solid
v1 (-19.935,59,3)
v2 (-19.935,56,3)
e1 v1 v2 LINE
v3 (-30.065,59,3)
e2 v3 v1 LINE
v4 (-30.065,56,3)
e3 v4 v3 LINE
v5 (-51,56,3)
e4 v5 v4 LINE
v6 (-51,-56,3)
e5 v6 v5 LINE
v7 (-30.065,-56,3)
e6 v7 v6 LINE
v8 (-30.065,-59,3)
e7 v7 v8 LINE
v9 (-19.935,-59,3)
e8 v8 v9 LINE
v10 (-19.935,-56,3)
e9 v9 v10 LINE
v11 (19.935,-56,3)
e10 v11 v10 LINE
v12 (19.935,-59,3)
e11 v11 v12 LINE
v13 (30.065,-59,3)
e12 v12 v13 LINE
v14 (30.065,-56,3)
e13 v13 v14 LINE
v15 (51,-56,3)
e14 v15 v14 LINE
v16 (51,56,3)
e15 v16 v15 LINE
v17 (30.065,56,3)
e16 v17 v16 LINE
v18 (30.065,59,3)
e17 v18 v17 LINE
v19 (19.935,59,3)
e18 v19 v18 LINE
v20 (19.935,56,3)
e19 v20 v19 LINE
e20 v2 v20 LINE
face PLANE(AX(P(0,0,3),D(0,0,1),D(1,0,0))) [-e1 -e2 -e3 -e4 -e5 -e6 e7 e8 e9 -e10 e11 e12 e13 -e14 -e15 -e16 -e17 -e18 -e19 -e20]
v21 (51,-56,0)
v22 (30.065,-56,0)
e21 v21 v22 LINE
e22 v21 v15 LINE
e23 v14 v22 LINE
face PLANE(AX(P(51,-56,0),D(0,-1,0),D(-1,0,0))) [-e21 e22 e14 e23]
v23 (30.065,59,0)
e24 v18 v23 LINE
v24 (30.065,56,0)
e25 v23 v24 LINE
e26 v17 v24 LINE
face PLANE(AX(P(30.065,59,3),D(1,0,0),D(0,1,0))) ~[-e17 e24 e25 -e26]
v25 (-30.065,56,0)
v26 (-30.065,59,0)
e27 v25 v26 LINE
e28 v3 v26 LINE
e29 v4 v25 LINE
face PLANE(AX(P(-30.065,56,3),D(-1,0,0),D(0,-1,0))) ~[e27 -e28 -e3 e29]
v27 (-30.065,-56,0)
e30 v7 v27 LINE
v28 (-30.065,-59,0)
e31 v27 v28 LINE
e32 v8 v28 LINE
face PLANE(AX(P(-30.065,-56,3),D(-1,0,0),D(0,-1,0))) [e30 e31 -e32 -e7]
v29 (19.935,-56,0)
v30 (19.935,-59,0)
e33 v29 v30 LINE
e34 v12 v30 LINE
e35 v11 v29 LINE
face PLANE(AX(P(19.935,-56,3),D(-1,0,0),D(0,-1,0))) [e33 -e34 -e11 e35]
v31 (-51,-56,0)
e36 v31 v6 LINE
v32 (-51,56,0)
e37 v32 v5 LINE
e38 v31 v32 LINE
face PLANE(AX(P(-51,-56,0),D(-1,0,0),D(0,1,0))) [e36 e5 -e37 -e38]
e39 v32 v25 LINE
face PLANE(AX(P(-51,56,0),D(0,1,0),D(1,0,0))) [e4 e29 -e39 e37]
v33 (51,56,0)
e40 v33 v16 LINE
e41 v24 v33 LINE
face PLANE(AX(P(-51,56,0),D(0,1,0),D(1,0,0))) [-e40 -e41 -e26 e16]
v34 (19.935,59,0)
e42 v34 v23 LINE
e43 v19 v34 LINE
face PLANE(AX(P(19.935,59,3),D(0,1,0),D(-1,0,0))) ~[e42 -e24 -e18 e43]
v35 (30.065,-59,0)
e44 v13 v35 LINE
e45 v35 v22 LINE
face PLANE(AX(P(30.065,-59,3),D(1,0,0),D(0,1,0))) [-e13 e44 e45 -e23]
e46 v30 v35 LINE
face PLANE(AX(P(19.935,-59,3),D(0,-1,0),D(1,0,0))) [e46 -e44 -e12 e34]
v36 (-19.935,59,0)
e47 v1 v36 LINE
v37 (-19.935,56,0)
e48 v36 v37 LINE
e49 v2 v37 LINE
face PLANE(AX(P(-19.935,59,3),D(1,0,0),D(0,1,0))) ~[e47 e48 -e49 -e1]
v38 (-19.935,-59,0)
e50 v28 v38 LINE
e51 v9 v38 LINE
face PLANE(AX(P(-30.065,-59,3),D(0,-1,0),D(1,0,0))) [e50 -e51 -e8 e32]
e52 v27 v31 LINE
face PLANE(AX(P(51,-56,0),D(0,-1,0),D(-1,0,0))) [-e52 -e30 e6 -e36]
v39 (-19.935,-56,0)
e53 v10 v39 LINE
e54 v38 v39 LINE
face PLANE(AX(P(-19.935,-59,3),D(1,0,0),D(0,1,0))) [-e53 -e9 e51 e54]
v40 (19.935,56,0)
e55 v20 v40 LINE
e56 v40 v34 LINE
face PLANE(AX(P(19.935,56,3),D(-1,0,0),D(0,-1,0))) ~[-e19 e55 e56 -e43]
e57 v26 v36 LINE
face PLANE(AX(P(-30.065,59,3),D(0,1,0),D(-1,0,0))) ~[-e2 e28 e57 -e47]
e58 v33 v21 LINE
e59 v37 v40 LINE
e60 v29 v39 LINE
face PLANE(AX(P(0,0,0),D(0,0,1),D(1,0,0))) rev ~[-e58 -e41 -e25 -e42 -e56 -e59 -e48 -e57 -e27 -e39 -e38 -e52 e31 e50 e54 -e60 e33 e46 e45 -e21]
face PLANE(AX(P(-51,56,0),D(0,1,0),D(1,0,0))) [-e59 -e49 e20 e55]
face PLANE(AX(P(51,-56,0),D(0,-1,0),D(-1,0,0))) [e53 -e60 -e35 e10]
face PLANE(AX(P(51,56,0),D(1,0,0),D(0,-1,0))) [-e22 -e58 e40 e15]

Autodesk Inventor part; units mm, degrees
ref_plane "YZ Plane" through (0, 0, 0) normal (1, 0, 0) x (0, 1, 0)
ref_plane "XZ Plane" through (0, 0, 0) normal (0, 1, 0) x (-1, 0, 0)
sketch "Sketch1" plane through (0, 0, 0) normal (0, 0, 1) x (1, 0, 0)
  line L0 (-51, 56) -> (51, 56)
  line L1 (51, 56) -> (51, -56)
  line L2 (51, -56) -> (-51, -56)
  line L3 (-51, -56) -> (-51, 56)
  line L4 (-51, 56) -> (51, -56) construction
  line L5 (51, 56) -> (-51, -56) construction
  point P0 (0, 0)
  point P1 (0, 0)
  point P2 (0, 0)
  dimension "d0" = 102
  dimension "d1" = 112
extrude "Extrusion1" add sketch "Sketch1" along normal blind 3
sketch "Sketch2" plane through (0, 0, 3) normal (0, 0, 1) x (1, 0, 0)
  line L0 (-51, -56) -> (51, -56) projected
  line L1 (-30.065, -59) -> (-19.935, -59)
  line L2 (-19.935, -59) -> (-19.935, -56)
  line L3 (-19.935, -56) -> (-30.065, -56)
  line L4 (-30.065, -56) -> (-30.065, -59)
  line L5 (-30.065, -59) -> (-19.935, -56) construction
  line L6 (-19.935, -59) -> (-30.065, -56) construction
  line L7 (19.935, -59) -> (30.065, -59)
  line L8 (30.065, -59) -> (30.065, -56)
  line L9 (30.065, -56) -> (19.935, -56)
  line L10 (19.935, -56) -> (19.935, -59)
  line L11 (19.935, -59) -> (30.065, -56) construction
  line L12 (30.065, -59) -> (19.935, -56) construction
  point P0 (0, 0)
  point P1 (-25, -57.5)
  point P2 (25, -57.5)
  dimension "d4" = 3
  dimension "d5" = 25
  dimension "d6" = 25
  dimension "d7" = 10.13
  dimension "d8" = 10.13
extrude "Extrusion2" add sketch "Sketch2" against normal blind 3
mirror "Mirror1" about plane through (0, 0, 0) normal (0, 1, 0) of "Extrusion2"
sketch "Sketch3" plane through (0, 0, 0) normal (0, 0, -1) x (-1, 0, 0)
  line L0 (-51, -56) -> (-51, 56) construction
  line L1 (-51, 55) -> (51, 55) construction
  line L2 (51, 56) -> (51, -56) construction
  line L3 (-51, -55) -> (51, -55) construction
  line L4 (-19.935, -56) -> (19.935, -56) construction
  line L5 (-30.065, 56) -> (-51, 56) construction
  point P0 (0, 0)
  dimension "d11" = 1
  dimension "d12" = 1
ref_plane "Work Plane1" through (-19.935, -55, 0) normal (0, -1, 0) x (1, 0, 0)
sketch "Sketch6" plane through (0, 0, 3) normal (0, 0, 1) x (1, 0, 0)
  line L0 (30.065, -56) -> (51, -56) projected
  line L1 (51, -56) -> (51, 56) projected
  point P0 (0, 0)
  point P1 (20.6, -36.4)
  dimension "d41" = 19.6
  dimension "d42" = 30.4
hole "Hole4" [suppressed]
pattern_linear "Rectangular Pattern1" [suppressed]
sketch "Sketch7" plane through (0, 0, 3) normal (0, 0, 1) x (1, 0, 0)
  spline S0 degree 3 poles (-17.7549, 22.0592) (-20.3586, 22.7486) (-27.8891, 27.7258) (-21.8129, 49.2984) knots 3 3 3 3 4 4 4 4
  line L0 (-20.3586, 22.7486) -> (-27.8891, 27.7258) construction
  line L1 (-17.7549, 22.0592) -> (-20.3586, 22.7486) construction
  line L2 (-27.8891, 27.7258) -> (-21.8129, 49.2984) construction
  spline S1 degree 3 poles (-35.4301, 25.2372) (-34.47, 24.8476) (-28.6027, 22.0592) (-17.7549, 22.0592) knots 2 2 2 2 3 3 3 3
  line L3 (-35.4301, 25.2372) -> (-34.47, 24.8476) construction
  line L4 (-34.47, 24.8476) -> (-28.6027, 22.0592) construction
  line L5 (-28.6027, 22.0592) -> (-17.7549, 22.0592) construction
  spline S2 degree 3 poles (-41.3451, 44.549) (-42.3928, 42.443) (-47.2601, 32.6596) (-35.4301, 25.2372) knots 1 1 1 1 2 2 2 2
  line L6 (-41.3451, 44.549) -> (-42.3928, 42.443) construction
  line L7 (-42.3928, 42.443) -> (-47.2601, 32.6596) construction
  line L8 (-47.2601, 32.6596) -> (-35.4301, 25.2372) construction
  spline S3 degree 3 poles (-37.458, 43.3832) (-40.0894, 43.0815) (-41.2381, 43.3832) (-41.3451, 44.549) knots 0 0 0 0 1 1 1 1
  line L9 (-40.0894, 43.0815) -> (-41.2381, 43.3832) construction
  line L10 (-37.458, 43.3832) -> (-40.0894, 43.0815) construction
  line L11 (-41.2381, 43.3832) -> (-41.3451, 44.549) construction
  spline S4 degree 3 poles (-21.8129, 49.2984) (-21.8202, 49.2933) (-29.1299, 44.232) (-37.458, 43.3832) knots 4 4 4 4 5 5 5 5
  line L12 (-21.8129, 49.2984) -> (-29.1299, 44.232) construction
  line L13 (-29.1299, 44.232) -> (-37.458, 43.3832) construction
  spline S5 degree 3 poles (-15.7483, 21.8123) (-16.0581, 21.8979) (-29.0611, 22.4788) (-21.0119, 50.2568) knots 3 3 3 3 4 4 4 4
  line L14 (-15.7483, 21.8123) -> (-16.0581, 21.8979) construction
  line L15 (-16.0581, 21.8979) -> (-29.0611, 22.4788) construction
  line L16 (-29.0611, 22.4788) -> (-21.0119, 50.2568) construction
  spline S6 degree 3 poles (-21.0119, 50.2568) (-21.2194, 50.1207) (-29.151, 44.9225) (-36.6832, 43.8886) knots 4 4 4 4 5 5 5 5
  line L17 (-21.0119, 50.2568) -> (-21.2194, 50.1207) construction
  line L18 (-21.2194, 50.1207) -> (-29.151, 44.9225) construction
  line L19 (-29.151, 44.9225) -> (-36.6832, 43.8886) construction
  line L20 (-36.6832, 43.8886) -> (-35.9502, 47.0532)
  spline S7 degree 3 poles (-35.9502, 47.0532) (-35.9625, 47.0497) (-40.7954, 45.8307) (-41.6808, 44.7755) knots 0 0 0 0 1 1 1 1
  line L21 (-35.9502, 47.0532) -> (-35.9625, 47.0497) construction
  line L22 (-35.9625, 47.0497) -> (-40.7954, 45.8307) construction
  line L23 (-40.7954, 45.8307) -> (-41.6808, 44.7755) construction
  spline S8 degree 3 poles (-41.6808, 44.7755) (-41.6808, 44.7755) (-49.0375, 32.8716) (-35.5714, 24.8043) knots 1 1 1 1 2 2 2 2
  line L24 (-41.6808, 44.7755) -> (-41.6808, 44.7755) construction
  line L25 (-41.6808, 44.7755) -> (-49.0375, 32.8716) construction
  line L26 (-49.0375, 32.8716) -> (-35.5714, 24.8043) construction
  spline S9 degree 3 poles (-35.5714, 24.8043) (-35.5511, 24.7921) (-28.5456, 20.8762) (-15.7483, 21.8123) knots 2 2 2 2 3 3 3 3
  line L27 (-35.5714, 24.8043) -> (-35.5511, 24.7921) construction
  line L28 (-35.5511, 24.7921) -> (-28.5456, 20.8762) construction
  line L29 (-28.5456, 20.8762) -> (-15.7483, 21.8123) construction
  line L30 (-15.2682, 33.8195) -> (-22.3387, 33.8195) construction
  line L31 (-22.3387, 33.8195) -> (-22.3387, 39.2773) construction
  line L32 (-22.3387, 39.2773) -> (-15.2682, 39.2773) construction
  line L33 (-15.2682, 39.2773) -> (-15.2682, 33.8195) construction
  line L34 (-24.7016, 33.8748) -> (-43.5687, 33.8748) construction
  line L35 (-43.5687, 33.8748) -> (-43.5687, 39.6523) construction
  line L36 (-43.5687, 39.6523) -> (-24.7016, 39.6523) construction
  line L37 (-24.7016, 39.6523) -> (-24.7016, 33.8748) construction
  line L38 (-13.4408, 37.5513) -> (-45.6182, 37.5513) construction
  spline S10 degree 3 poles (38.6981, -46.4393) (32.5457, -44.8102) (14.7509, -33.0491) (29.1091, 17.9269) knots 3 3 3 3 4 4 4 4
  line L39 (38.6981, -46.4393) -> (32.5457, -44.8102) construction
  line L40 (32.5457, -44.8102) -> (14.7509, -33.0491) construction
  line L41 (14.7509, -33.0491) -> (29.1091, 17.9269) construction
  spline S11 degree 3 poles (-3.0683, -38.9296) (-0.7996, -39.8503) (13.0647, -46.4393) (38.6981, -46.4393) knots 2 2 2 2 3 3 3 3
  line L42 (-3.0683, -38.9296) -> (-0.7996, -39.8503) construction
  line L43 (-0.7996, -39.8503) -> (13.0647, -46.4393) construction
  line L44 (13.0647, -46.4393) -> (38.6981, -46.4393) construction
  spline S12 degree 3 poles (-17.0455, 6.7041) (-19.5213, 1.7277) (-31.0226, -21.3906) (-3.0683, -38.9296) knots 1 1 1 1 2 2 2 2
  line L45 (-17.0455, 6.7041) -> (-19.5213, 1.7277) construction
  line L46 (-19.5213, 1.7277) -> (-31.0226, -21.3906) construction
  line L47 (-31.0226, -21.3906) -> (-3.0683, -38.9296) construction
  spline S13 degree 3 poles (-7.8603, 3.9492) (-14.0782, 3.2364) (-16.7927, 3.9492) (-17.0455, 6.7041) knots 0 0 0 0 1 1 1 1
  line L48 (-7.8603, 3.9492) -> (-14.0782, 3.2364) construction
  line L49 (-14.0782, 3.2364) -> (-16.7927, 3.9492) construction
  line L50 (-16.7927, 3.9492) -> (-17.0455, 6.7041) construction
  spline S14 degree 3 poles (29.1091, 17.9269) (29.0918, 17.9149) (11.819, 5.9549) (-7.8603, 3.9492) knots 4 4 4 4 5 5 5 5
  line L51 (29.1091, 17.9269) -> (11.819, 5.9549) construction
  line L52 (11.819, 5.9549) -> (-7.8603, 3.9492) construction
  spline S15 degree 3 poles (43.4399, -47.0227) (42.7078, -46.8204) (11.9815, -45.4479) (31.0019, 20.1915) knots 3 3 3 3 4 4 4 4
  line L53 (43.4399, -47.0227) -> (42.7078, -46.8204) construction
  line L54 (42.7078, -46.8204) -> (11.9815, -45.4479) construction
  line L55 (11.9815, -45.4479) -> (31.0019, 20.1915) construction
  spline S16 degree 3 poles (31.0019, 20.1915) (30.5115, 19.8701) (11.7692, 7.5867) (-6.0293, 5.1437) knots 4 4 4 4 5 5 5 5
  line L56 (31.0019, 20.1915) -> (30.5115, 19.8701) construction
  line L57 (30.5115, 19.8701) -> (11.7692, 7.5867) construction
  line L58 (11.7692, 7.5867) -> (-6.0293, 5.1437) construction
  line L59 (-6.0293, 5.1437) -> (-4.2974, 12.6214)
  spline S17 degree 3 poles (-4.2974, 12.6214) (-4.3264, 12.6132) (-15.7465, 9.7327) (-17.8388, 7.2392) knots 0 0 0 0 1 1 1 1
  line L60 (-4.2974, 12.6214) -> (-4.3264, 12.6132) construction
  line L61 (-4.3264, 12.6132) -> (-15.7465, 9.7327) construction
  line L62 (-15.7465, 9.7327) -> (-17.8388, 7.2392) construction
  spline S18 degree 3 poles (-17.8388, 7.2392) (-17.8388, 7.2392) (-35.2226, -20.8896) (-3.4022, -39.9527) knots 1 1 1 1 2 2 2 2
  line L63 (-17.8388, 7.2392) -> (-17.8388, 7.2392) construction
  line L64 (-17.8388, 7.2392) -> (-35.2226, -20.8896) construction
  line L65 (-35.2226, -20.8896) -> (-3.4022, -39.9527) construction
  spline S19 degree 3 poles (-3.4022, -39.9527) (-3.3542, -39.9815) (13.1998, -49.2348) (43.4399, -47.0227) knots 2 2 2 2 3 3 3 3
  line L66 (-3.4022, -39.9527) -> (-3.3542, -39.9815) construction
  line L67 (-3.3542, -39.9815) -> (13.1998, -49.2348) construction
  line L68 (13.1998, -49.2348) -> (43.4399, -47.0227) construction
  line L69 (44.5744, -18.6497) -> (27.8666, -18.6497) construction
  line L70 (27.8666, -18.6497) -> (27.8666, -5.753) construction
  line L71 (27.8666, -5.753) -> (44.5744, -5.753) construction
  line L72 (44.5744, -5.753) -> (44.5744, -18.6497) construction
  line L73 (22.2831, -18.519) -> (-22.2999, -18.519) construction
  line L74 (-22.2999, -18.519) -> (-22.2999, -4.8668) construction
  line L75 (-22.2999, -4.8668) -> (22.2831, -4.8668) construction
  line L76 (22.2831, -4.8668) -> (22.2831, -18.519) construction
  line L77 (48.8924, -17.3822) -> (-27.1429, -9.8315) construction
  point P0 (0, 0)
  point P1 (-46.1734, 35.5024)
  point P2 (-28.4547, -14.6731)
  point P3 (36.4717, -44.6082)
  point P4 (32.5457, -41.4669)
  point P5 (29.1091, -36.761)
  point P6 (27.1695, -32.4025)
  point P7 (25.7734, -27.2321)
  point P8 (24.9854, -21.3562)
  point P9 (24.7959, -14.6712)
  point P10 (25.3026, -6.9857)
  point P11 (26.1472, -0.3981)
  point P12 (27.414, 5.5982)
  point P13 (28.9178, 11.9055)
  point P14 (23.0904, 15.6216)
  point P15 (16.165, 12.2433)
  point P16 (8.2261, 8.9495)
  point P17 (0.7095, 6.6692)
  point P18 (-13.648, 9.5407)
  point P19 (-20.2241, 2.0414)
  point P20 (-22.4199, -6.8265)
  point P21 (-21.9132, -16.5389)
  point P22 (-18.6194, -25.4913)
  point P23 (-13.721, -31.9099)
  point P24 (-8.4465, -36.7937)
  point P25 (-1.1832, -41.0165)
  point P26 (7.0934, -43.888)
  point P27 (14.1878, -45.4927)
  point P28 (21.8732, -46.6751)
  point P29 (34.6261, -47.3507)
  point P30 (28.2919, -47.1818)
  point P31 (-5.2552, 8.4859)
  point P32 (-13.2219, 3.7788)
  point P33 (-8.6285, 11.4147)
  point P34 (-16.5626, 5.2105)
  point P35 (-9.2199, 3.595)
hole "Hole5" [suppressed]
equation "\"d6\" = d5"
equation "\"d8\" = d7"
equation "\"d12\" = d11"
equation "\"kerf\" = 0.13"
properties part number "TopPanel" material "Acrylic, Clear"
